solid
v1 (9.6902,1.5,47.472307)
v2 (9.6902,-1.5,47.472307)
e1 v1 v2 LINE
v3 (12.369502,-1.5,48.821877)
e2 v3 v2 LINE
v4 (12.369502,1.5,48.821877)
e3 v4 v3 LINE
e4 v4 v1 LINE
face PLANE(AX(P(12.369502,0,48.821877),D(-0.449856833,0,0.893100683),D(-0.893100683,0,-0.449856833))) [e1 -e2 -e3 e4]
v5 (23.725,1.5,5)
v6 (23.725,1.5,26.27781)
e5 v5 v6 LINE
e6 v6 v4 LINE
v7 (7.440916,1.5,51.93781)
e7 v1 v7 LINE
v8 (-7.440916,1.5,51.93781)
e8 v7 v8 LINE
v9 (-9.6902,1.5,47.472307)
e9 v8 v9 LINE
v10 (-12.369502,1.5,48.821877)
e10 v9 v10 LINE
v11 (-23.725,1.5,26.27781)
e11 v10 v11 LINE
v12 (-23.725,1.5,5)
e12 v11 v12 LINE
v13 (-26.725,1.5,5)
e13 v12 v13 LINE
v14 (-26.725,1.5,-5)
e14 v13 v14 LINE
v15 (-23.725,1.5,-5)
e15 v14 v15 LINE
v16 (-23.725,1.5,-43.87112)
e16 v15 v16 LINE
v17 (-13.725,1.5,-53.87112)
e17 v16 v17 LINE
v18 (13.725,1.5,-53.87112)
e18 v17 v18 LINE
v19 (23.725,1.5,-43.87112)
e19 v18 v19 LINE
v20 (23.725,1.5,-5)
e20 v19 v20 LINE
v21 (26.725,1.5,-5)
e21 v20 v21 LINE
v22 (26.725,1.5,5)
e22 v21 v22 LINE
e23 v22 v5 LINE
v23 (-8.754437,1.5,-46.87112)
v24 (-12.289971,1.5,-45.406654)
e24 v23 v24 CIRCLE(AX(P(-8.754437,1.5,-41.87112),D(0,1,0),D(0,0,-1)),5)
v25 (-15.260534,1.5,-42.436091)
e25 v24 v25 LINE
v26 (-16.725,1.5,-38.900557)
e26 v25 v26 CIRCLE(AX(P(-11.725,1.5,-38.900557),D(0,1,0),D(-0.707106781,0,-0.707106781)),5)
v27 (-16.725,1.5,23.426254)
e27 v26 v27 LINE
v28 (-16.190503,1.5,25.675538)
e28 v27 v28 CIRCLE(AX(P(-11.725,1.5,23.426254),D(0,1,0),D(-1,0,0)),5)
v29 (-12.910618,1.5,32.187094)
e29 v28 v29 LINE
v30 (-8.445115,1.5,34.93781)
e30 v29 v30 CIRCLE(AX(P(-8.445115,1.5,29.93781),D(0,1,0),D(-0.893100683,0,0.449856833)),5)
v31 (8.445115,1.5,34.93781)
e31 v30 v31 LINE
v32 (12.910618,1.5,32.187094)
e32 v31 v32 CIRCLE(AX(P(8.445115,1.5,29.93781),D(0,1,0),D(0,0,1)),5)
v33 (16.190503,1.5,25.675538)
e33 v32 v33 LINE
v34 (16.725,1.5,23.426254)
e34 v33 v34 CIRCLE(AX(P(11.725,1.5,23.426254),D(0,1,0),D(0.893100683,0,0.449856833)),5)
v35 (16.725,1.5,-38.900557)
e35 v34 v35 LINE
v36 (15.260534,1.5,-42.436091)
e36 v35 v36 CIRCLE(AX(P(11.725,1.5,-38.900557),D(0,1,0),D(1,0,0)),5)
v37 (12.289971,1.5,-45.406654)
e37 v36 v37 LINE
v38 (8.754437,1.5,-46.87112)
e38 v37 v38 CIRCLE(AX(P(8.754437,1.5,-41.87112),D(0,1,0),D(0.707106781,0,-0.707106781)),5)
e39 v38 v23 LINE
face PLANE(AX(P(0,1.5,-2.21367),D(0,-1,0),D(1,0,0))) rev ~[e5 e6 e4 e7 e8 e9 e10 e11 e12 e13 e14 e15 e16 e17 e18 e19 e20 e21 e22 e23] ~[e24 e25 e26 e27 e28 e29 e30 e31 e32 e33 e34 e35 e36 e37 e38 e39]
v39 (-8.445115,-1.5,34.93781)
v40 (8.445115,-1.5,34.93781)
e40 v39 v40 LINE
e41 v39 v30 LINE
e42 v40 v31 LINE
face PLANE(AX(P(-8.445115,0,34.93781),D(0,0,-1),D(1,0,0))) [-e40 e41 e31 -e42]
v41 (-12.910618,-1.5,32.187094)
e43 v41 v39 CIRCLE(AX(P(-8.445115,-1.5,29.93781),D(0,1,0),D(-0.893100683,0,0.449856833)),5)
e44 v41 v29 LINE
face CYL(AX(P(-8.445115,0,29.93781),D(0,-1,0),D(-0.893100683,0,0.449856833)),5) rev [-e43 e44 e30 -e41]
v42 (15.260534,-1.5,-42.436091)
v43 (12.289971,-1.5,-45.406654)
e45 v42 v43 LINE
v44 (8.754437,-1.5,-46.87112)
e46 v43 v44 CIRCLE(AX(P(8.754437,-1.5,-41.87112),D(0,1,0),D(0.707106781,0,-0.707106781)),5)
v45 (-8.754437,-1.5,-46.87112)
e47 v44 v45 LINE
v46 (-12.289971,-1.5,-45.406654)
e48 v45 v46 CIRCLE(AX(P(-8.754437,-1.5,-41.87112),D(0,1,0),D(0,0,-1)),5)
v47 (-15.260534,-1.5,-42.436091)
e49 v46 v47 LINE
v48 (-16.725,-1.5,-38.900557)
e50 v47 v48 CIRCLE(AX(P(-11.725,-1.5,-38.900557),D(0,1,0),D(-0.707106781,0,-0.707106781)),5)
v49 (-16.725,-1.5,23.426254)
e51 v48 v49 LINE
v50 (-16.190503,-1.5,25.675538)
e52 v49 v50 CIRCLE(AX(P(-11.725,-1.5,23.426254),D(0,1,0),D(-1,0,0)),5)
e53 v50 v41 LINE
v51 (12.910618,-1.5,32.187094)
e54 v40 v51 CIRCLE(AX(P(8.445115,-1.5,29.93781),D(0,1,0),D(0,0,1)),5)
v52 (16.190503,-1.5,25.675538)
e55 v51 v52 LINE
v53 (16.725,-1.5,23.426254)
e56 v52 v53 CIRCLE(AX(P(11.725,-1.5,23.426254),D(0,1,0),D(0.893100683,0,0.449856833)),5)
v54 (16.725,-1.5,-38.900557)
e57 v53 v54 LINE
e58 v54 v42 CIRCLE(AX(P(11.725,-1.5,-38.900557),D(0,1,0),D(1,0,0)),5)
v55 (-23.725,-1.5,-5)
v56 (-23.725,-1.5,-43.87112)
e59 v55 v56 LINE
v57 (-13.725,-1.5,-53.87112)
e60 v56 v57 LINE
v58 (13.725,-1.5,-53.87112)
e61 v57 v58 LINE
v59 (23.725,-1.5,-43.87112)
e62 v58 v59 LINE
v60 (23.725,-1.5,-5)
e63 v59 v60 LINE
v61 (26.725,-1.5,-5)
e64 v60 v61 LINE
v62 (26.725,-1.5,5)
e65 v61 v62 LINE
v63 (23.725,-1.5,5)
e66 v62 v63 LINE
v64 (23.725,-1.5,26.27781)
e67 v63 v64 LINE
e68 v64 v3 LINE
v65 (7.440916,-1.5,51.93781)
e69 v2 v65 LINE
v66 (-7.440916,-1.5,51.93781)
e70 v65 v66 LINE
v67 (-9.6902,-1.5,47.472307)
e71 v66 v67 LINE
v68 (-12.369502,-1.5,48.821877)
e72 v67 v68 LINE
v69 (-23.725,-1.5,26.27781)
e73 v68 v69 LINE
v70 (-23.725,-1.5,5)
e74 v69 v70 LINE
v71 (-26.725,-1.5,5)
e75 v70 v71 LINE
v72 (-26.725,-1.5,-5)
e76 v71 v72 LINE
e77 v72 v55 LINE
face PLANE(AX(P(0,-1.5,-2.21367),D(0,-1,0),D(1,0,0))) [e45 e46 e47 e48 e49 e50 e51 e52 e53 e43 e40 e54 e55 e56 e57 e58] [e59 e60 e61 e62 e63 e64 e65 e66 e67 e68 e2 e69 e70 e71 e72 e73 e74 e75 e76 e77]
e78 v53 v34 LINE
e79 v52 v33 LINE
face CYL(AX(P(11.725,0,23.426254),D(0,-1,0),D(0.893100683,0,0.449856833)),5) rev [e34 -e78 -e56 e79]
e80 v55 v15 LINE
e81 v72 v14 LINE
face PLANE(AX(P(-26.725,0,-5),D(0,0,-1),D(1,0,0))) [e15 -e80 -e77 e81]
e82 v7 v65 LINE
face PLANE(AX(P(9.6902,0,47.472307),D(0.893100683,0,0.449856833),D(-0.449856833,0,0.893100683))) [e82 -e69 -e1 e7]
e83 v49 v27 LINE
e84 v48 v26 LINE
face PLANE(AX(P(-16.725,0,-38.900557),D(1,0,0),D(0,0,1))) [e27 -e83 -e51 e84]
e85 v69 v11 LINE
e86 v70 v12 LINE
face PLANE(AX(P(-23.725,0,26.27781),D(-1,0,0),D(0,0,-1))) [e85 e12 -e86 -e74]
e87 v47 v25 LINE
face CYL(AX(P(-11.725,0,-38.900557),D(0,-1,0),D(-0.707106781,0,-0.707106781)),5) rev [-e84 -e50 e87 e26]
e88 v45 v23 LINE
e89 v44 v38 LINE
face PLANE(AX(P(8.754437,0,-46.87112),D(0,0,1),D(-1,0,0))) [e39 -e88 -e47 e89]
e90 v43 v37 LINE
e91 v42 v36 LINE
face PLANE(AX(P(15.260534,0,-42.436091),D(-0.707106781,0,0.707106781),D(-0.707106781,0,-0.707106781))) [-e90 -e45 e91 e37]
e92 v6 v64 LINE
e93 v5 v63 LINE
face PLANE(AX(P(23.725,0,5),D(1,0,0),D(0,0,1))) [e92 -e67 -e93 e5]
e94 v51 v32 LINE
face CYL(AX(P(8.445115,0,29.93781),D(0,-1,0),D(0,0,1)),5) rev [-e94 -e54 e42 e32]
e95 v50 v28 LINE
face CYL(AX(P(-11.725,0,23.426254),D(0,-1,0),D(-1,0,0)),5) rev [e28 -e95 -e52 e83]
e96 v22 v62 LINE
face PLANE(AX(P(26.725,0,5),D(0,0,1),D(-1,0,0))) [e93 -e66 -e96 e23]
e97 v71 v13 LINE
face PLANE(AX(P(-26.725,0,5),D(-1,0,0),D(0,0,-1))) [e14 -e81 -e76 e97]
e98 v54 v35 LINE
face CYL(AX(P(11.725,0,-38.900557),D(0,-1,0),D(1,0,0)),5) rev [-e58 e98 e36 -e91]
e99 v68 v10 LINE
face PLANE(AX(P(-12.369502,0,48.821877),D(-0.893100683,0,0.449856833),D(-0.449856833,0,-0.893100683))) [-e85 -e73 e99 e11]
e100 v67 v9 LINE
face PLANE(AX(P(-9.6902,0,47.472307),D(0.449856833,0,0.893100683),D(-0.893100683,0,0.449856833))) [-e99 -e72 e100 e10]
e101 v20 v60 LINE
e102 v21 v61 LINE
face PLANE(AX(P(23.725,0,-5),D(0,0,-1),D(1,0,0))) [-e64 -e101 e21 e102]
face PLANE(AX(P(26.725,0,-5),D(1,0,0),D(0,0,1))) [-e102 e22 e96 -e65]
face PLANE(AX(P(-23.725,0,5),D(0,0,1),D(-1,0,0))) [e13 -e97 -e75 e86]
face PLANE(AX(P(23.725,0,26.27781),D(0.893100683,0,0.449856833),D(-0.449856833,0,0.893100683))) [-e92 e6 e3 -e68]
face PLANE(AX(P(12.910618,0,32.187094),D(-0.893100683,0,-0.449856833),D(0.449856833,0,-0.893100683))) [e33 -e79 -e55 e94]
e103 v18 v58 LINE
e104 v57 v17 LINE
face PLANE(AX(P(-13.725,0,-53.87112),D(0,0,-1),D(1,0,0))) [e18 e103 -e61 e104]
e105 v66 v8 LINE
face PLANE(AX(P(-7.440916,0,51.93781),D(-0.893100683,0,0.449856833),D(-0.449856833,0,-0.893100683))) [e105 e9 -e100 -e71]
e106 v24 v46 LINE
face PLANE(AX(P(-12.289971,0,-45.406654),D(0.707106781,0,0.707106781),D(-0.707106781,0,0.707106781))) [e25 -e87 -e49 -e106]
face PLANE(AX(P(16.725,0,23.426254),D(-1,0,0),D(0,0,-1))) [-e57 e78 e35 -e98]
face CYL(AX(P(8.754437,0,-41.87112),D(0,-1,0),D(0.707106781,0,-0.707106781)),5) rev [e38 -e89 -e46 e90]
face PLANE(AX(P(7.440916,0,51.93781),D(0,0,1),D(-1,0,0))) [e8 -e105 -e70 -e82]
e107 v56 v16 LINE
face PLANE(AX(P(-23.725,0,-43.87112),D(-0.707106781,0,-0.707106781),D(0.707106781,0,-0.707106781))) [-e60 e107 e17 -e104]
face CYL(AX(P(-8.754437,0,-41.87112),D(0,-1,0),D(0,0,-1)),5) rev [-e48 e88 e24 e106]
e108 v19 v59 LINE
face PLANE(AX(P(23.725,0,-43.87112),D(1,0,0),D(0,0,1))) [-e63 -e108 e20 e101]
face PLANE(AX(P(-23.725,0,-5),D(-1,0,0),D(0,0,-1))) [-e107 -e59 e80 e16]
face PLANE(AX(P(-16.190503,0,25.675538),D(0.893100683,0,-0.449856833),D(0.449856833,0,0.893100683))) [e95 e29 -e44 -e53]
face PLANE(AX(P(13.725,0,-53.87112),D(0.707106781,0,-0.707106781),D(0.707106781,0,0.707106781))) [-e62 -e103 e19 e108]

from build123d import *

# Parameters (mm, degrees)
F1_DEPTH = 1.5


with BuildPart() as f1:
    # F0 (on Front) → F1 (new body, symmetric)
    with BuildSketch(Plane.XZ):
        Polygon((-13.725, -53.87112), (13.725, -53.87112), (23.725, -43.87112), (23.725, -5), (26.725, -5), (26.725, 5), (23.725, 5), (23.725, 26.27781), (12.3695024533, 48.8218770831), (9.6902004042, 47.4723065848), (7.4409162405, 51.93781), (-7.4409162405, 51.93781), (-9.6902004042, 47.4723065848), (-12.3695024533, 48.8218770831), (-23.725, 26.27781), (-23.725, 5), (-26.725, 5), (-26.725, -5), (-23.725, -5), (-23.725, -43.87112), align=None)
        with BuildLine():
            Line((-12.2899711575, -45.4066539059), (-15.2605339059, -42.4360911575))
            ThreePointArc((-15.2605339059, -42.4360911575), (-16.3443976626, -40.8139744133), (-16.725, -38.9005572515))
            Line((-16.725, -38.9005572515), (-16.725, 23.4262543267))
            ThreePointArc((-16.725, 23.4262543267), (-16.589540938, 24.5822134358), (-16.1905034152, 25.6755384904))
            Line((-16.1905034152, 25.6755384904), (-12.9106181043, 32.1870941637))
            ThreePointArc((-12.9106181043, 32.1870941637), (-11.0674780489, 34.1949464095), (-8.4451146891, 34.93781))
            Line((-8.4451146891, 34.93781), (8.4451146891, 34.93781))
            ThreePointArc((8.4451146891, 34.93781), (11.0674780489, 34.1949464095), (12.9106181043, 32.1870941637))
            Line((12.9106181043, 32.1870941637), (16.1905034152, 25.6755384904))
            ThreePointArc((16.1905034152, 25.6755384904), (16.589540938, 24.5822134358), (16.725, 23.4262543267))
            Line((16.725, 23.4262543267), (16.725, -38.9005572515))
            ThreePointArc((16.725, -38.9005572515), (16.3443976626, -40.8139744133), (15.2605339059, -42.4360911575))
            Line((15.2605339059, -42.4360911575), (12.2899711575, -45.4066539059))
            ThreePointArc((12.2899711575, -45.4066539059), (10.6678544133, -46.4905176626), (8.7544372515, -46.87112))
            Line((8.7544372515, -46.87112), (-8.7544372515, -46.87112))
            ThreePointArc((-8.7544372515, -46.87112), (-10.6678544133, -46.4905176626), (-12.2899711575, -45.4066539059))
        make_face(mode=Mode.SUBTRACT)
    extrude(amount=F1_DEPTH, both=True)


solid = f1.part
